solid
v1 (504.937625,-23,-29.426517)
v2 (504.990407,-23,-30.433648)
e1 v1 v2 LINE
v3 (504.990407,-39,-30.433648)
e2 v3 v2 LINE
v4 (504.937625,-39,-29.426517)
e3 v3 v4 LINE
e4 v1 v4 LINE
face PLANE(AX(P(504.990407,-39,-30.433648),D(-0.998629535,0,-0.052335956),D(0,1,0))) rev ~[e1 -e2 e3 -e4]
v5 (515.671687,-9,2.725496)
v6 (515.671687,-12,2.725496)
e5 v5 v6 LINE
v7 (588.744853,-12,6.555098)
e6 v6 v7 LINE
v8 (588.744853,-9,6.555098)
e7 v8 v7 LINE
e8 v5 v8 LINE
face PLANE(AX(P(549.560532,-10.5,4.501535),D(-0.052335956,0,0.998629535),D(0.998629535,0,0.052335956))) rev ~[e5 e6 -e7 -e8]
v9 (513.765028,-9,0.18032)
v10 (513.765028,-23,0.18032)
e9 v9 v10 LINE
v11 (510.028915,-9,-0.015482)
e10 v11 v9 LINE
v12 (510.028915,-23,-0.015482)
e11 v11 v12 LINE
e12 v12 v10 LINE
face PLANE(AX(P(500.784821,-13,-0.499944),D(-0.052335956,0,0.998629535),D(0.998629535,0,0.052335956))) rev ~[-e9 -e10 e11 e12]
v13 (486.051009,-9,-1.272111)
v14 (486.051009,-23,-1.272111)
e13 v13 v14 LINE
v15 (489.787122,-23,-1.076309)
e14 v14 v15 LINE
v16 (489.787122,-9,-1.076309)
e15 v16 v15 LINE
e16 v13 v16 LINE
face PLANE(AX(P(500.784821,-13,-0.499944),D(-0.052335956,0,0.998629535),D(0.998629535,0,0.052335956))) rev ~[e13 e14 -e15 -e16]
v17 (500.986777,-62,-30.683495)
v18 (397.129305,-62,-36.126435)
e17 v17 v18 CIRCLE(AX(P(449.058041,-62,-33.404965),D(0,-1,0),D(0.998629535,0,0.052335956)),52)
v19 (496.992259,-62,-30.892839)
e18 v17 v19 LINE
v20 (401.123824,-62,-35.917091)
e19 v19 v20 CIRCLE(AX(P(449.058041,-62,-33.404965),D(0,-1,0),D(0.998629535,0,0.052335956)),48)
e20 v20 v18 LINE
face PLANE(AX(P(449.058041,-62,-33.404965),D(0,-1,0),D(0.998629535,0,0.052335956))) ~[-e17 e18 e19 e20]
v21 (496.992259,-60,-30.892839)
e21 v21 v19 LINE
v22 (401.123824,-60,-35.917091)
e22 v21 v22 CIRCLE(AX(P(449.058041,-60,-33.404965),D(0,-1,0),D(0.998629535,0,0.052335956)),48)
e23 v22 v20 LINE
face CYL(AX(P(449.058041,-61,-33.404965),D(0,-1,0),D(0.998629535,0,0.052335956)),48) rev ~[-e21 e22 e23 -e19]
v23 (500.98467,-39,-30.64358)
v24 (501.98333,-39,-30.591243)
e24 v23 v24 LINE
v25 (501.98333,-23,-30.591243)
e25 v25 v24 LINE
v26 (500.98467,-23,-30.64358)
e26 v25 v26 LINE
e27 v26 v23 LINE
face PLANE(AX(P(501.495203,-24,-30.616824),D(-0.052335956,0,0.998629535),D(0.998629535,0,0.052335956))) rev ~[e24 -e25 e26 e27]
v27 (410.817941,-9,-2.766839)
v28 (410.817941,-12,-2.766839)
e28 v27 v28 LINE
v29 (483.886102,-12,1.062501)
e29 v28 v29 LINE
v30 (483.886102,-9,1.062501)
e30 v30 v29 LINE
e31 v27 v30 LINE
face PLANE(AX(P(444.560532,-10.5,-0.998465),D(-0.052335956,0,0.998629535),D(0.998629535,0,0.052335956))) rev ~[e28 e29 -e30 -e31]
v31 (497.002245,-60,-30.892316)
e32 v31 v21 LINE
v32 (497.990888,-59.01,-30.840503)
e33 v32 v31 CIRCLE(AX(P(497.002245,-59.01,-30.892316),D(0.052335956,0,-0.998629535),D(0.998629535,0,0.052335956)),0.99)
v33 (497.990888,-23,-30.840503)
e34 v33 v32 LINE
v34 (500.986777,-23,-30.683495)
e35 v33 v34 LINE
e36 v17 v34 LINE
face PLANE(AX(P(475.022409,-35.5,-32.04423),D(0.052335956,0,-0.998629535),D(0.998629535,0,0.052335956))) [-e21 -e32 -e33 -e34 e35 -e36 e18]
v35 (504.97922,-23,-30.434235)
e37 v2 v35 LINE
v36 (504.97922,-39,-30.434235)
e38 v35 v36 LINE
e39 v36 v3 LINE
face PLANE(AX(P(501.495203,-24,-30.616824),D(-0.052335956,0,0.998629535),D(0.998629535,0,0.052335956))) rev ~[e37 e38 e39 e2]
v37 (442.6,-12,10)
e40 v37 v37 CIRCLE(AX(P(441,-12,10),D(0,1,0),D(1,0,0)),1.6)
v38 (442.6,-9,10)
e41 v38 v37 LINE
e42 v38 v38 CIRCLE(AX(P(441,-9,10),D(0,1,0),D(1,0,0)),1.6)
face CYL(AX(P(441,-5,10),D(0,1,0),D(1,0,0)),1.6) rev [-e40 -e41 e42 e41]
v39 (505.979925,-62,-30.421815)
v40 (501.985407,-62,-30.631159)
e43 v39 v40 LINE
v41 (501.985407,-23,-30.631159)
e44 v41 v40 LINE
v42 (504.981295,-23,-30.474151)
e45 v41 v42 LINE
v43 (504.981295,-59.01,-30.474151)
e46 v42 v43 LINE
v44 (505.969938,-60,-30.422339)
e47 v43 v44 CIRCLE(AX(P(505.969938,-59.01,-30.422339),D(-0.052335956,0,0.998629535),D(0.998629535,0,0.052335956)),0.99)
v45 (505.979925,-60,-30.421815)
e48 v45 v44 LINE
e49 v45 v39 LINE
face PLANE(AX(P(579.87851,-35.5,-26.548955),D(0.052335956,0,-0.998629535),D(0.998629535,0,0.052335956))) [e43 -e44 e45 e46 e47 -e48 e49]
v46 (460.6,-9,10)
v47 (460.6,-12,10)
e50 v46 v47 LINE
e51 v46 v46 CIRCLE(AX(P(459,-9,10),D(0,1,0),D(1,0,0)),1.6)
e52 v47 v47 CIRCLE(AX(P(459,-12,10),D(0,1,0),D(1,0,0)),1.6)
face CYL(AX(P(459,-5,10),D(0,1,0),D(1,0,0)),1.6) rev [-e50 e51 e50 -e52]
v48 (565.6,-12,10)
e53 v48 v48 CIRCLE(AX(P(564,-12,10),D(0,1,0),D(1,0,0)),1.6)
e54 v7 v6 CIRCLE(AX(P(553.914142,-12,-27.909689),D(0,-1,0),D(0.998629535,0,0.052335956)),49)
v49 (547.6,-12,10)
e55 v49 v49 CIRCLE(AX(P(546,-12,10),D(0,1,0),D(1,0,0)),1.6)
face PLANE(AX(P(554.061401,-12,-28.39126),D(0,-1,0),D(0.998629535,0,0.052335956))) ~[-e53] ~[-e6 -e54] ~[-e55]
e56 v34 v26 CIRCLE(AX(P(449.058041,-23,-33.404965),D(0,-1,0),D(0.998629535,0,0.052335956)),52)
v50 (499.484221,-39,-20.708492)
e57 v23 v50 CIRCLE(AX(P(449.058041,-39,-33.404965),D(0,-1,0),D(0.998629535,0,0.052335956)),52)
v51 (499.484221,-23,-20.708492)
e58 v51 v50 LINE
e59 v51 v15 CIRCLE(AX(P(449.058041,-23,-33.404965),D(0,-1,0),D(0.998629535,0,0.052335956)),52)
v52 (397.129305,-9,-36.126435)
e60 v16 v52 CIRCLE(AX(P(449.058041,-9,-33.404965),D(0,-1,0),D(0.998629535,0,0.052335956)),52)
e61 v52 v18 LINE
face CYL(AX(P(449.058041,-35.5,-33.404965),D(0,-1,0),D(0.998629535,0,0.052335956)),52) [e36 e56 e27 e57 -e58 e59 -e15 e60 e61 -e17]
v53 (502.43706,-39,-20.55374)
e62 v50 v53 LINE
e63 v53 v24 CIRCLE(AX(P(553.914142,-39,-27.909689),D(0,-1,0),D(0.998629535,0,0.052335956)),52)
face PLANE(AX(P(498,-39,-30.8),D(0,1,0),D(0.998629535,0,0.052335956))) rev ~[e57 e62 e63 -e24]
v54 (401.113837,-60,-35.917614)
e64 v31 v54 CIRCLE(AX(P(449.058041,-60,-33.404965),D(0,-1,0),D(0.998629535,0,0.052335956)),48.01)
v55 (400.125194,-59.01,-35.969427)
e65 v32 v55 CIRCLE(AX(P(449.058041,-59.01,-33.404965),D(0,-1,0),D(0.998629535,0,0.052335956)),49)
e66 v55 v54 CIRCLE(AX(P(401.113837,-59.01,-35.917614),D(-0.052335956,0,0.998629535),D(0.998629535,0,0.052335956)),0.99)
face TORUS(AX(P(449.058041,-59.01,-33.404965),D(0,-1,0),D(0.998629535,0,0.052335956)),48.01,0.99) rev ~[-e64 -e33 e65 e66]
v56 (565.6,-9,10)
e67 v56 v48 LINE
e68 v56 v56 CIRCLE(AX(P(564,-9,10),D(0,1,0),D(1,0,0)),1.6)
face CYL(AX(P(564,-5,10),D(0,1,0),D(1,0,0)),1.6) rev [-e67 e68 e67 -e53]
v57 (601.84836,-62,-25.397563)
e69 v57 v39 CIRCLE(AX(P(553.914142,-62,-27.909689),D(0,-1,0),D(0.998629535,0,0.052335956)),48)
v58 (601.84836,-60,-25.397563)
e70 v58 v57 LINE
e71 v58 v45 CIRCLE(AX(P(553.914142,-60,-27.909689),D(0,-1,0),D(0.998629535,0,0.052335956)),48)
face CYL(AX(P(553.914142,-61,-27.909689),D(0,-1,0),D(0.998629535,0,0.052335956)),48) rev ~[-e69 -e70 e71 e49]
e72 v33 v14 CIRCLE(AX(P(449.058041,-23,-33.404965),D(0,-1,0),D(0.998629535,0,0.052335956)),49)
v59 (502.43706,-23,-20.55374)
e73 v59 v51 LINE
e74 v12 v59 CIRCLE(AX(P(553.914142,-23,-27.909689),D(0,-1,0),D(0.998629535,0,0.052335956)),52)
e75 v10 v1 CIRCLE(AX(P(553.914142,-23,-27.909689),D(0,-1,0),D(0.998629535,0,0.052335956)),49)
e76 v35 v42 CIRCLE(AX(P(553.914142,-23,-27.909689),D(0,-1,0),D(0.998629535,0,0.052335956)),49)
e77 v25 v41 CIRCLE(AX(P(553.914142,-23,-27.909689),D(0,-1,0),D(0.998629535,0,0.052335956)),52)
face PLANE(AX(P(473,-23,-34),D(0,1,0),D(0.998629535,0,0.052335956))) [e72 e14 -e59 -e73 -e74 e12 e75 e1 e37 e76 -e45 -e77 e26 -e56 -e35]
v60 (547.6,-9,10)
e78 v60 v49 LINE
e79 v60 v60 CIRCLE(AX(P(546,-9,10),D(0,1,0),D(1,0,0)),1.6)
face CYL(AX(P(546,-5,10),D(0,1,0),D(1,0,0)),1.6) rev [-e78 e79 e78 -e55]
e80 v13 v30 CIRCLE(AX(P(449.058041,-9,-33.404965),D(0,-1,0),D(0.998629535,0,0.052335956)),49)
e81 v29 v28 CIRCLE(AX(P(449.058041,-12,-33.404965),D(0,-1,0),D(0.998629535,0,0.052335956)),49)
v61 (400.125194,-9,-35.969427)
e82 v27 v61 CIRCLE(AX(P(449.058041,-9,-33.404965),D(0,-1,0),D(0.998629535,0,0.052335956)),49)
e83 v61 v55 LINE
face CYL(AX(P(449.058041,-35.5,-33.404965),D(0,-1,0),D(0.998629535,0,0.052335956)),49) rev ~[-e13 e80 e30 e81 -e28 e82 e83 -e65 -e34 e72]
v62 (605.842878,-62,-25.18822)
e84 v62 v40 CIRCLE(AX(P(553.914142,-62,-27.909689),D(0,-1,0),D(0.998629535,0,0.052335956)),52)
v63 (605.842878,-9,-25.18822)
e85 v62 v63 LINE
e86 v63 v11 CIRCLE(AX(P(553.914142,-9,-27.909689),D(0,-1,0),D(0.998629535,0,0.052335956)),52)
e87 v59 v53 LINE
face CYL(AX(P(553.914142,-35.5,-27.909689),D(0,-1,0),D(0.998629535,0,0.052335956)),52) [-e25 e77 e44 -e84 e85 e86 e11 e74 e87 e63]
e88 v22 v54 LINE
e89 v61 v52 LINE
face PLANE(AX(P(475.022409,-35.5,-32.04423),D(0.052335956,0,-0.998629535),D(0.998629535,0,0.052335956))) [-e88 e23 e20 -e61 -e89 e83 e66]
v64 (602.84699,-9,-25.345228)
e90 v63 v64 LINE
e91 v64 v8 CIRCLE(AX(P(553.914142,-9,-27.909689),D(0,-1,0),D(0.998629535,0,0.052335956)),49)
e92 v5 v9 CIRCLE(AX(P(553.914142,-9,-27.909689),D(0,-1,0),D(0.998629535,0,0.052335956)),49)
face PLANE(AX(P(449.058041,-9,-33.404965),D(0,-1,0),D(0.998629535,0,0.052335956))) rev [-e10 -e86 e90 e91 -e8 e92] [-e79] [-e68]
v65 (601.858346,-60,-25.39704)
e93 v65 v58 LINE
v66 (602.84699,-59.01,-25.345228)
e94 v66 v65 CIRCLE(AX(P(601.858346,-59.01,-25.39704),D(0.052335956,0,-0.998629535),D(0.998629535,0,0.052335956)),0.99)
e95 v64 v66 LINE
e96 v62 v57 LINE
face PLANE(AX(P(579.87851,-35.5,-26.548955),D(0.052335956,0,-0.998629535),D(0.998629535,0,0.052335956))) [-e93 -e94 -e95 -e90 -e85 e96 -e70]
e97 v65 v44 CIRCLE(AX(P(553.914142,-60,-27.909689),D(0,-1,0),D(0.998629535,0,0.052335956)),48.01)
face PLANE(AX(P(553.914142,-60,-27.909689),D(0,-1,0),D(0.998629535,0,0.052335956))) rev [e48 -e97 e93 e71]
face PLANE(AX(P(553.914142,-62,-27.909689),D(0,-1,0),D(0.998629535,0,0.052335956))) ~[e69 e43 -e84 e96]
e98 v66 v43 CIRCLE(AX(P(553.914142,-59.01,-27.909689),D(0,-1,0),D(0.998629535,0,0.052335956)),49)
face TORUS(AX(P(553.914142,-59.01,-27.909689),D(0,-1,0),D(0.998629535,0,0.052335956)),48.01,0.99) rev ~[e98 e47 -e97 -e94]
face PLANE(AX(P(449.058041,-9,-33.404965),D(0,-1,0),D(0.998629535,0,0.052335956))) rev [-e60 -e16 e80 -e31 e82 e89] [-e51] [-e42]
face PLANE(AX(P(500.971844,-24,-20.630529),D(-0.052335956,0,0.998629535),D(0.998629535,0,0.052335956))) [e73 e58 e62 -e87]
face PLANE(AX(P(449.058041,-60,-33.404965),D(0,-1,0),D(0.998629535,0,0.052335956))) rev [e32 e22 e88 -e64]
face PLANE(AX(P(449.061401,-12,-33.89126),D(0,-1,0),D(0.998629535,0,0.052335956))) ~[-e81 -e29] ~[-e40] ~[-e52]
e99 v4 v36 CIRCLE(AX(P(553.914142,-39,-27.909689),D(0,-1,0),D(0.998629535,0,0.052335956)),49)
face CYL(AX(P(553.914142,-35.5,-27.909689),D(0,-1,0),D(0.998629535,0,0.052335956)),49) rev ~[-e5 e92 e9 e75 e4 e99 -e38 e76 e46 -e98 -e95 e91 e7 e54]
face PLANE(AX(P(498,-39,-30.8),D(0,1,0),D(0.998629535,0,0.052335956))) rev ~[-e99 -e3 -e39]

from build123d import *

# Parameters (mm, degrees)
CYLINDER158_R             = 1.6
CYLINDER158_DEPTH         = 9
CYLINDER159_R             = 1.6
CYLINDER159_DEPTH         = 9
CYLINDER156_R             = 1.6
CYLINDER156_DEPTH         = 9
CYLINDER157_R             = 1.6
CYLINDER157_DEPTH         = 9
BOX068_W                  = 59
BOX068_H                  = 20
BOX068_DEPTH              = 32
BOX068_PLACEMENT_ANGLE    = 3
BOX066_W                  = 128
BOX066_H                  = 3
BOX066_DEPTH              = 35
BOX066_PLACEMENT_ANGLE    = 3
CYLINDER147_W             = 52
CYLINDER147_H             = 3
CYLINDER147_ANGLE         = 180
CYLINDER147_ROLL_ANGLE    = 90
CYLINDER147_PITCH_ANGLE   = -3
BOX067_W                  = 128
BOX067_H                  = 3
BOX067_DEPTH              = 35
BOX067_PLACEMENT_ANGLE    = 3
CYLINDER148_W             = 52
CYLINDER148_H             = 3
CYLINDER148_ANGLE         = 180
CYLINDER148_ROLL_ANGLE    = 90
CYLINDER148_PITCH_ANGLE   = -3
BOX065_W                  = 7
BOX065_H                  = 30
BOX065_DEPTH              = 10
BOX065_PLACEMENT_ANGLE    = 3
CYLINDER144_W             = 49
CYLINDER144_H             = 53
CYLINDER144_ANGLE         = 180
CYLINDER143_W             = 52
CYLINDER143_H             = 53
CYLINDER143_ANGLE         = 180
CYLINDER146_W             = 48
CYLINDER146_H             = 2
CYLINDER146_ANGLE         = 180
CYLINDER145_W             = 52
CYLINDER145_H             = 2
CYLINDER145_ANGLE         = 180
FUSION121_PLACEMENT_ANGLE = 3
FILLET033_R               = 0.99


with BuildPart() as cylinder158:
    # Cylinder158 → Cylinder158 (new body)
    with BuildSketch(Plane(origin=(555, -5, 10), x_dir=(1, 0, 0), z_dir=(0, -1, 0))):
        Circle(CYLINDER158_R)
    extrude(amount=CYLINDER158_DEPTH)


with BuildPart() as fusion134:
    # Cylinder159 → Cylinder159 (new body)
    with BuildSketch(Plane(origin=(450, -5, 10), x_dir=(1, 0, 0), z_dir=(0, -1, 0))):
        Circle(CYLINDER159_R)
    extrude(amount=CYLINDER159_DEPTH)

    # Fusion134: union Cylinder158
    add(cylinder158.part)


with BuildPart() as fusion134_1:
    # Fusion134 placement: moved
    add(fusion134.part.moved(Location((9, 0, 0))))


with BuildPart() as cylinder156:
    # Cylinder156 → Cylinder156 (new body)
    with BuildSketch(Plane(origin=(555, -5, 10), x_dir=(1, 0, 0), z_dir=(0, -1, 0))):
        Circle(CYLINDER156_R)
    extrude(amount=CYLINDER156_DEPTH)


with BuildPart() as fusion136:
    # Cylinder157 → Cylinder157 (new body)
    with BuildSketch(Plane(origin=(450, -5, 10), x_dir=(1, 0, 0), z_dir=(0, -1, 0))):
        Circle(CYLINDER157_R)
    extrude(amount=CYLINDER157_DEPTH)

    # Fusion133: union Cylinder156
    add(cylinder156.part)


with BuildPart() as fusion136_1:
    # Fusion133 placement: moved
    add(fusion136.part.moved(Location((-9, 0, 0))))

    # Fusion136: union Fusion134
    add(fusion134_1.part)


with BuildPart() as cube047:
    # Box068 → Box068 (new body)
    with BuildSketch(Plane.XY):
        with Locations((29.5, 10)):
            Rectangle(BOX068_W, BOX068_H)
    extrude(amount=BOX068_DEPTH)


with BuildPart() as cube047_1:
    # Box068 placement: moved
    add(cube047.part.moved(Location((473, -20, -36))).rotate(Axis((473, -20, -36), (0, -1, 0)), BOX068_PLACEMENT_ANGLE))


with BuildPart() as cube045:
    # Box066 → Box066 (new body)
    with BuildSketch(Plane.XY):
        with Locations((64, 1.5)):
            Rectangle(BOX066_W, BOX066_H)
    extrude(amount=BOX066_DEPTH)


with BuildPart() as cube045_1:
    # Box066 placement: moved
    add(cube045.part.moved(Location((382, -9, -40.8))).rotate(Axis((382, -9, -40.8), (0, -1, 0)), BOX066_PLACEMENT_ANGLE))


with BuildPart() as cut079:
    # Cylinder147 → Cylinder147 (revolve)
    with BuildSketch(Plane.XZ):
        with Locations((26, 1.5)):
            Rectangle(CYLINDER147_W, CYLINDER147_H)
    revolve(axis=Axis((0, 0, 0), (0, 0, 1)), revolution_arc=CYLINDER147_ANGLE)


with BuildPart() as cut079_1:
    # Cylinder147 roll: moved
    add(cut079.part.rotate(Axis((0, 0, 0), (1, 0, 0)), CYLINDER147_ROLL_ANGLE))


with BuildPart() as cut079_2:
    # Cylinder147 pitch: moved
    add(cut079_1.part.rotate(Axis((0, 0, 0), (0, 1, 0)), CYLINDER147_PITCH_ANGLE))


with BuildPart() as cut079_3:
    # Cylinder147 placement: moved
    add(cut079_2.part.moved(Location((448.581401, -6, -35.39126))))

    # Cut079: cut Cube045
    add(cube045_1.part, mode=Mode.SUBTRACT)


with BuildPart() as cut079_4:
    # Cut079 placement: moved
    add(cut079_3.part.moved(Location((0.48, 0, -0.5))))


with BuildPart() as cube046:
    # Box067 → Box067 (new body)
    with BuildSketch(Plane.XY):
        with Locations((64, 1.5)):
            Rectangle(BOX067_W, BOX067_H)
    extrude(amount=BOX067_DEPTH)


with BuildPart() as cube046_1:
    # Box067 placement: moved
    add(cube046.part.moved(Location((382, -9, -40.8))).rotate(Axis((382, -9, -40.8), (0, -1, 0)), BOX067_PLACEMENT_ANGLE))


with BuildPart() as cut080:
    # Cylinder148 → Cylinder148 (revolve)
    with BuildSketch(Plane.XZ):
        with Locations((26, 1.5)):
            Rectangle(CYLINDER148_W, CYLINDER148_H)
    revolve(axis=Axis((0, 0, 0), (0, 0, 1)), revolution_arc=CYLINDER148_ANGLE)


with BuildPart() as cut080_1:
    # Cylinder148 roll: moved
    add(cut080.part.rotate(Axis((0, 0, 0), (1, 0, 0)), CYLINDER148_ROLL_ANGLE))


with BuildPart() as cut080_2:
    # Cylinder148 pitch: moved
    add(cut080_1.part.rotate(Axis((0, 0, 0), (0, 1, 0)), CYLINDER148_PITCH_ANGLE))


with BuildPart() as cut080_3:
    # Cylinder148 placement: moved
    add(cut080_2.part.moved(Location((448.581401, -6, -35.39126))))

    # Cut080: cut Cube046
    add(cube046_1.part, mode=Mode.SUBTRACT)


with BuildPart() as cut080_4:
    # Cut080 placement: moved
    add(cut080_3.part.moved(Location((105.48, 0, 5))))


with BuildPart() as cube044:
    # Box065 → Box065 (new body)
    with BuildSketch(Plane.XY):
        with Locations((3.5, 15)):
            Rectangle(BOX065_W, BOX065_H)
    extrude(amount=BOX065_DEPTH)


with BuildPart() as cube044_1:
    # Box065 placement: moved
    add(cube044.part.moved(Location((498, -39, -32.8))).rotate(Axis((498, -39, -32.8), (0, -1, 0)), BOX065_PLACEMENT_ANGLE))


with BuildPart() as cylinder144:
    # Cylinder144 → Cylinder144 (revolve)
    with BuildSketch(Plane(origin=(450, -9, -42), x_dir=(1, 0, 0), z_dir=(0, 0, -1))):
        with Locations((24.5, 26.5)):
            Rectangle(CYLINDER144_W, CYLINDER144_H)
    revolve(axis=Axis((450, -9, -42), (0, -1, 0)), revolution_arc=CYLINDER144_ANGLE)


with BuildPart() as cylinder143:
    # Cylinder143 → Cylinder143 (revolve)
    with BuildSketch(Plane(origin=(450, -9, -42), x_dir=(1, 0, 0), z_dir=(0, 0, -1))):
        with Locations((26, 26.5)):
            Rectangle(CYLINDER143_W, CYLINDER143_H)
    revolve(axis=Axis((450, -9, -42), (0, -1, 0)), revolution_arc=CYLINDER143_ANGLE)


with BuildPart() as cut077:
    # Cut077 base: copy of Cylinder143
    add(cylinder143.part)

    # Cut077: cut Cylinder144
    add(cylinder144.part, mode=Mode.SUBTRACT)


with BuildPart() as cut077_1:
    # Cut077 placement: moved
    add(cut077.part.moved(Location((0, 0, 10))))


with BuildPart() as cylinder146:
    # Cylinder146 → Cylinder146 (revolve)
    with BuildSketch(Plane(origin=(450, -12, -42), x_dir=(1, 0, 0), z_dir=(0, 0, -1))):
        with Locations((24, 1)):
            Rectangle(CYLINDER146_W, CYLINDER146_H)
    revolve(axis=Axis((450, -12, -42), (0, -1, 0)), revolution_arc=CYLINDER146_ANGLE)


with BuildPart() as cylinder145:
    # Cylinder145 → Cylinder145 (revolve)
    with BuildSketch(Plane(origin=(450, -12, -42), x_dir=(1, 0, 0), z_dir=(0, 0, -1))):
        with Locations((26, 1)):
            Rectangle(CYLINDER145_W, CYLINDER145_H)
    revolve(axis=Axis((450, -12, -42), (0, -1, 0)), revolution_arc=CYLINDER145_ANGLE)


with BuildPart() as fusion120:
    # Cut078 base: copy of Cylinder145
    add(cylinder145.part)

    # Cut078: cut Cylinder146
    add(cylinder146.part, mode=Mode.SUBTRACT)


with BuildPart() as fusion120_1:
    # Cut078 placement: moved
    add(fusion120.part.moved(Location((0, -48, 10))))

    # Fusion120: union Cut077
    add(cut077_1.part)


with BuildPart() as cut075:
    # Cut075 base: copy of Cylinder143
    add(cylinder143.part)

    # Cut075: cut Cylinder144
    add(cylinder144.part, mode=Mode.SUBTRACT)


with BuildPart() as cut075_1:
    # Cut075 placement: moved
    add(cut075.part.moved(Location((0, 0, 10))))


with BuildPart() as fender_lh:
    # Cut076 base: copy of Cylinder145
    add(cylinder145.part)

    # Cut076: cut Cylinder146
    add(cylinder146.part, mode=Mode.SUBTRACT)


with BuildPart() as fender_lh_1:
    # Cut076 placement: moved
    add(fender_lh.part.moved(Location((0, -48, 10))))

    # Fusion119: union Cut075
    add(cut075_1.part)


with BuildPart() as fender_lh_2:
    # Fusion119 placement: moved
    add(fender_lh_1.part.moved(Location((105, 0, 0))))

    # Fusion121: union Fusion120
    add(fusion120_1.part)


with BuildPart() as fender_lh_3:
    # Fusion121 placement: moved
    add(fender_lh_2.part.moved(Location((-2, 0, -27))).rotate(Axis((-2, 0, -27), (0, -1, 0)), FUSION121_PLACEMENT_ANGLE))

    # Fusion122: union Cube044
    add(cube044_1.part)


with BuildPart() as fender_lh_4:
    # Fusion122 placement: moved
    add(fender_lh_3.part.moved(Location((0, 3, 0))))

    # Fusion123: union Cut079, Cut080
    add(cut079_4.part)
    add(cut080_4.part)

    # Cut081: cut Cube047
    add(cube047_1.part, mode=Mode.SUBTRACT)

    # Fillet033
    fillet033_edges = [fender_lh_4.edges().sort_by_distance(p)[0] for p in [
        (551.349681, -57, 19.023158),
        (446.493579, -57, 13.527882),
    ]]
    fillet(fillet033_edges, radius=FILLET033_R)


with BuildPart() as fender_lh_5:
    # Fillet033 placement: moved
    add(fender_lh_4.part.moved(Location((0, -3, 2))))

    # Cut084: cut Fusion136
    add(fusion136_1.part, mode=Mode.SUBTRACT)


solid = fender_lh_5.part
